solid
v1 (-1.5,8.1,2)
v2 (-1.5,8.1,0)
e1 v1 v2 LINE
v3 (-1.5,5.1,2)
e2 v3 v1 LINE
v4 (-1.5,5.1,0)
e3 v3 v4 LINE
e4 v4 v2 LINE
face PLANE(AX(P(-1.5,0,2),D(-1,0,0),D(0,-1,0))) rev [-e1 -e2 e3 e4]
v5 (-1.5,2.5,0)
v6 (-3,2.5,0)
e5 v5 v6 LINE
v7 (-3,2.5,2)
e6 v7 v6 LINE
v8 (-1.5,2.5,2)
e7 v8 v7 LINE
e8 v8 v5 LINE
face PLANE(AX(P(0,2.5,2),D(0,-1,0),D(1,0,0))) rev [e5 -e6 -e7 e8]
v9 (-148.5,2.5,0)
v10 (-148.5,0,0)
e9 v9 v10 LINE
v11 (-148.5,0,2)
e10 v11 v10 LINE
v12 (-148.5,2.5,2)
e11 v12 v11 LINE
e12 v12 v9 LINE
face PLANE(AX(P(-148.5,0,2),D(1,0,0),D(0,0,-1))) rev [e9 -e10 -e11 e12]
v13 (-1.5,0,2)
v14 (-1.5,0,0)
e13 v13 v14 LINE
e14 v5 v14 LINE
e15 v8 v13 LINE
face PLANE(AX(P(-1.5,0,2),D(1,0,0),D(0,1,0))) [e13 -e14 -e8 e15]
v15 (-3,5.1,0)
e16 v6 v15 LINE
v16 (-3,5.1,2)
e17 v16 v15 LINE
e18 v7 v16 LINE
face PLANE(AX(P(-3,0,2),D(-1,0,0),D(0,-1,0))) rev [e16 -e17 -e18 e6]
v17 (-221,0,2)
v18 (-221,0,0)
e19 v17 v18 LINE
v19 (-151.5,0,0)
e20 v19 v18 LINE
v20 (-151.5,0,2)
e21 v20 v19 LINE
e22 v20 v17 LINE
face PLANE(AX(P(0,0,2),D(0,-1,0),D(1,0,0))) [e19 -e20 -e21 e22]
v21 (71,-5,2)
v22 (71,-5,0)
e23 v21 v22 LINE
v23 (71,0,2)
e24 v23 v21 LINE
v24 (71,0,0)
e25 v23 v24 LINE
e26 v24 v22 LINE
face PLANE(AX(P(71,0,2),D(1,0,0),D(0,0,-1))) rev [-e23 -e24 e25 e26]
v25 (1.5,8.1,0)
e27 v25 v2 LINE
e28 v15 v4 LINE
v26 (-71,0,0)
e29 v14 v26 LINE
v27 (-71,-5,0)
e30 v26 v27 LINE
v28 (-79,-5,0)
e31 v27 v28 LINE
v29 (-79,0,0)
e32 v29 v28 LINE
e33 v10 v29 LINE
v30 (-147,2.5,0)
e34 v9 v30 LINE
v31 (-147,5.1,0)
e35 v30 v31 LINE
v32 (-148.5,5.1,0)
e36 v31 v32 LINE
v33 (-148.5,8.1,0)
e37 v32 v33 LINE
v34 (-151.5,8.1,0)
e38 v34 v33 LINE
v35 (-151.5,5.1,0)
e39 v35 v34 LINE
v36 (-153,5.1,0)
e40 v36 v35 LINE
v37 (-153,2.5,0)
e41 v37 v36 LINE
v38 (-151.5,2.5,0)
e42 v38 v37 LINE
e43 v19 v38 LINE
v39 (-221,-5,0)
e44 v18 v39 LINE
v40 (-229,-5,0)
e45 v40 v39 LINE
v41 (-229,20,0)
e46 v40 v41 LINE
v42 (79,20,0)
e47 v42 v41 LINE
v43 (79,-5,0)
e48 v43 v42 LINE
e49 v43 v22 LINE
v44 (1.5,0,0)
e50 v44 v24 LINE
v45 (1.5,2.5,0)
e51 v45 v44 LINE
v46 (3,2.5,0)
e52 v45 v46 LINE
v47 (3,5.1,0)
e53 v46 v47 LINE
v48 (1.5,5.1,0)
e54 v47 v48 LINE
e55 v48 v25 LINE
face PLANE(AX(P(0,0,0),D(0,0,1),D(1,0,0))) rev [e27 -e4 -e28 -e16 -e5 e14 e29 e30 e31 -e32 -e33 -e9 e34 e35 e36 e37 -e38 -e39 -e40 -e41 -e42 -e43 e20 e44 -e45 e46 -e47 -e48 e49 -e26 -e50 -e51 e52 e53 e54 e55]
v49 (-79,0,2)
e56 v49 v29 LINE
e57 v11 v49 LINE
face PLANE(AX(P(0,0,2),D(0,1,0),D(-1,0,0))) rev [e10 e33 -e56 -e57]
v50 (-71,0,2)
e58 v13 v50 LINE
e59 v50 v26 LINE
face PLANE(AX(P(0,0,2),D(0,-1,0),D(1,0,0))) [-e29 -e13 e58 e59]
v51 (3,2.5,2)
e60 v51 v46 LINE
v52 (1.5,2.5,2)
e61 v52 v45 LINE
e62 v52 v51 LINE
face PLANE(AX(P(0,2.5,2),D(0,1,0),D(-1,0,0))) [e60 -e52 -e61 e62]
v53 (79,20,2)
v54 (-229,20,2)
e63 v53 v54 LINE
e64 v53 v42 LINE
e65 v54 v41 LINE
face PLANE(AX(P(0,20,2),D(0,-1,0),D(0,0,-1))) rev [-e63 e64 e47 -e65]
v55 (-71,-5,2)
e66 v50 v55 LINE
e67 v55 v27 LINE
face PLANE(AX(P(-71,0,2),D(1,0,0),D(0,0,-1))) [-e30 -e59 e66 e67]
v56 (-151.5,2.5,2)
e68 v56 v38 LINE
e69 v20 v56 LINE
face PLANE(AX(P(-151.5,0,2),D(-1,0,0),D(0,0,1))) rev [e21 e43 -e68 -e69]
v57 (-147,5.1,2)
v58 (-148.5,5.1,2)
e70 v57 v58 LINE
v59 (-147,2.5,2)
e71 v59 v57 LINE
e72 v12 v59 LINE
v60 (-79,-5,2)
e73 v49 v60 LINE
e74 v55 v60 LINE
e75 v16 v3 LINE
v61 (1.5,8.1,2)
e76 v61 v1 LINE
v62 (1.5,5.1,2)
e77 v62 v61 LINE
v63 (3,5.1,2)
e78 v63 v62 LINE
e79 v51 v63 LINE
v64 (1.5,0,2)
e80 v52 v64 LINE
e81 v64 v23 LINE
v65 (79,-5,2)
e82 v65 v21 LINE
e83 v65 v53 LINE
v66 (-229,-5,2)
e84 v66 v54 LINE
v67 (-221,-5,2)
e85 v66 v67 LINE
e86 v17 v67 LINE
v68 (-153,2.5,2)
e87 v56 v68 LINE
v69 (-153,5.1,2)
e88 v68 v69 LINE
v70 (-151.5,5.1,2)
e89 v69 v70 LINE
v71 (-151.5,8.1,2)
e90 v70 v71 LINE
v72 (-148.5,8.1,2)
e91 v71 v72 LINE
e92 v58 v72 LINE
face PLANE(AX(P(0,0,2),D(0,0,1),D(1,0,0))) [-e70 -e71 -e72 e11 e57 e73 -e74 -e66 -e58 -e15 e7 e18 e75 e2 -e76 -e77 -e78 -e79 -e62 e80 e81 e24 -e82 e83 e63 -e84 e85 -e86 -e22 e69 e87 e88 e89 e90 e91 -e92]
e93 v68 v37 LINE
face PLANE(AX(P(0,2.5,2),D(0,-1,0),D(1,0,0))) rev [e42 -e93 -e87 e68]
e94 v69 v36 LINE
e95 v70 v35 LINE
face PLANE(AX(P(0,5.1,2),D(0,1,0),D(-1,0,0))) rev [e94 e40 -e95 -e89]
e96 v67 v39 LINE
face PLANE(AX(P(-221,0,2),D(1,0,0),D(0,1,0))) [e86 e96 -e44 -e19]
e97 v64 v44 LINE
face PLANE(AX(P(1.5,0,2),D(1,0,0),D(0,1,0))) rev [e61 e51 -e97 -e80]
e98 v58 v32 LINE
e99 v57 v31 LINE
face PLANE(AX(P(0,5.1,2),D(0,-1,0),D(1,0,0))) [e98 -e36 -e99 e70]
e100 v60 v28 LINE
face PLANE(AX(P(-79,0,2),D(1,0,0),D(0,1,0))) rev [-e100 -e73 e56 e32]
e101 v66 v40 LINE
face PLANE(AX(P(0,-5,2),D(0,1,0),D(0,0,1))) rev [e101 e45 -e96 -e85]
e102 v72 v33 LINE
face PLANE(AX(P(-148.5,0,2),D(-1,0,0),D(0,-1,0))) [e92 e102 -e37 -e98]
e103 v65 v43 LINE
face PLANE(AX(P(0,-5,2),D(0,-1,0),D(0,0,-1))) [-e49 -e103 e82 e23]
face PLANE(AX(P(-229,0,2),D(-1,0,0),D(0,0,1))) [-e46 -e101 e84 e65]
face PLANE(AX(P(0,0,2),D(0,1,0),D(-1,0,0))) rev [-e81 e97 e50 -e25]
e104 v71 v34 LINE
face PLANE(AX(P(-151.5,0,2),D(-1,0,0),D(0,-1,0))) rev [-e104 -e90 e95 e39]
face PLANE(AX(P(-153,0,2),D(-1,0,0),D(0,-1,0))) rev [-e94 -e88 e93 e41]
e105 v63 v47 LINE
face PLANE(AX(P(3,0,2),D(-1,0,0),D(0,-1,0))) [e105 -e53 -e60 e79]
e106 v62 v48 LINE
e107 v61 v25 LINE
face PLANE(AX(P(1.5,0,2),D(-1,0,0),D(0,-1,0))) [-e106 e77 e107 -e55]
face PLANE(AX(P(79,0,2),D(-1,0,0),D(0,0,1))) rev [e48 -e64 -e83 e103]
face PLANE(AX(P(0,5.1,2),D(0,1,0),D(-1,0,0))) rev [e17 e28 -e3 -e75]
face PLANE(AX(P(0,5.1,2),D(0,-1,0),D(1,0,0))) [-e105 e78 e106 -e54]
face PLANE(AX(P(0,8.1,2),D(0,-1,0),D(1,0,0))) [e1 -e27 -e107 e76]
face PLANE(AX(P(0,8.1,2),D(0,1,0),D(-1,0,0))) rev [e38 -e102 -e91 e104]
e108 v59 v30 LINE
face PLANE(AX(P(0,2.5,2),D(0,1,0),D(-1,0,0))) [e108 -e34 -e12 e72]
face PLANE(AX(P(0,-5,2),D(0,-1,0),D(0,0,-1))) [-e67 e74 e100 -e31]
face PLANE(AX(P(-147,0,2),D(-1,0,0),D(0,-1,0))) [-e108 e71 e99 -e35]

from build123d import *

# Parameters (mm, degrees)
EXTRUDE_1_DEPTH = 2


with BuildPart() as part:
    # 草图1 → 凸台-拉伸1 (new body)
    with BuildSketch(Plane.XY):
        Polygon((-229, 0), (-229, -5), (-221, -5), (-221, 0), (-151.5, 0), (-151.5, 2.5), (-153, 2.5), (-153, 5.1), (-151.5, 5.1), (-151.5, 8.1), (-148.5, 8.1), (-148.5, 5.1), (-147, 5.1), (-147, 2.5), (-148.5, 2.5), (-148.5, 0), (-79, 0), (-79, -5), (-71, -5), (-71, 0), (-1.5, 0), (-1.5, 2.5), (-3, 2.5), (-3, 5.1), (-1.5, 5.1), (-1.5, 8.1), (1.5, 8.1), (1.5, 5.1), (3, 5.1), (3, 2.5), (1.5, 2.5), (1.5, 0), (71, 0), (71, -5), (79, -5), (79, 0), (79, 20), (71, 20), (-229, 20), align=None)
    extrude(amount=EXTRUDE_1_DEPTH)


solid = part.part
